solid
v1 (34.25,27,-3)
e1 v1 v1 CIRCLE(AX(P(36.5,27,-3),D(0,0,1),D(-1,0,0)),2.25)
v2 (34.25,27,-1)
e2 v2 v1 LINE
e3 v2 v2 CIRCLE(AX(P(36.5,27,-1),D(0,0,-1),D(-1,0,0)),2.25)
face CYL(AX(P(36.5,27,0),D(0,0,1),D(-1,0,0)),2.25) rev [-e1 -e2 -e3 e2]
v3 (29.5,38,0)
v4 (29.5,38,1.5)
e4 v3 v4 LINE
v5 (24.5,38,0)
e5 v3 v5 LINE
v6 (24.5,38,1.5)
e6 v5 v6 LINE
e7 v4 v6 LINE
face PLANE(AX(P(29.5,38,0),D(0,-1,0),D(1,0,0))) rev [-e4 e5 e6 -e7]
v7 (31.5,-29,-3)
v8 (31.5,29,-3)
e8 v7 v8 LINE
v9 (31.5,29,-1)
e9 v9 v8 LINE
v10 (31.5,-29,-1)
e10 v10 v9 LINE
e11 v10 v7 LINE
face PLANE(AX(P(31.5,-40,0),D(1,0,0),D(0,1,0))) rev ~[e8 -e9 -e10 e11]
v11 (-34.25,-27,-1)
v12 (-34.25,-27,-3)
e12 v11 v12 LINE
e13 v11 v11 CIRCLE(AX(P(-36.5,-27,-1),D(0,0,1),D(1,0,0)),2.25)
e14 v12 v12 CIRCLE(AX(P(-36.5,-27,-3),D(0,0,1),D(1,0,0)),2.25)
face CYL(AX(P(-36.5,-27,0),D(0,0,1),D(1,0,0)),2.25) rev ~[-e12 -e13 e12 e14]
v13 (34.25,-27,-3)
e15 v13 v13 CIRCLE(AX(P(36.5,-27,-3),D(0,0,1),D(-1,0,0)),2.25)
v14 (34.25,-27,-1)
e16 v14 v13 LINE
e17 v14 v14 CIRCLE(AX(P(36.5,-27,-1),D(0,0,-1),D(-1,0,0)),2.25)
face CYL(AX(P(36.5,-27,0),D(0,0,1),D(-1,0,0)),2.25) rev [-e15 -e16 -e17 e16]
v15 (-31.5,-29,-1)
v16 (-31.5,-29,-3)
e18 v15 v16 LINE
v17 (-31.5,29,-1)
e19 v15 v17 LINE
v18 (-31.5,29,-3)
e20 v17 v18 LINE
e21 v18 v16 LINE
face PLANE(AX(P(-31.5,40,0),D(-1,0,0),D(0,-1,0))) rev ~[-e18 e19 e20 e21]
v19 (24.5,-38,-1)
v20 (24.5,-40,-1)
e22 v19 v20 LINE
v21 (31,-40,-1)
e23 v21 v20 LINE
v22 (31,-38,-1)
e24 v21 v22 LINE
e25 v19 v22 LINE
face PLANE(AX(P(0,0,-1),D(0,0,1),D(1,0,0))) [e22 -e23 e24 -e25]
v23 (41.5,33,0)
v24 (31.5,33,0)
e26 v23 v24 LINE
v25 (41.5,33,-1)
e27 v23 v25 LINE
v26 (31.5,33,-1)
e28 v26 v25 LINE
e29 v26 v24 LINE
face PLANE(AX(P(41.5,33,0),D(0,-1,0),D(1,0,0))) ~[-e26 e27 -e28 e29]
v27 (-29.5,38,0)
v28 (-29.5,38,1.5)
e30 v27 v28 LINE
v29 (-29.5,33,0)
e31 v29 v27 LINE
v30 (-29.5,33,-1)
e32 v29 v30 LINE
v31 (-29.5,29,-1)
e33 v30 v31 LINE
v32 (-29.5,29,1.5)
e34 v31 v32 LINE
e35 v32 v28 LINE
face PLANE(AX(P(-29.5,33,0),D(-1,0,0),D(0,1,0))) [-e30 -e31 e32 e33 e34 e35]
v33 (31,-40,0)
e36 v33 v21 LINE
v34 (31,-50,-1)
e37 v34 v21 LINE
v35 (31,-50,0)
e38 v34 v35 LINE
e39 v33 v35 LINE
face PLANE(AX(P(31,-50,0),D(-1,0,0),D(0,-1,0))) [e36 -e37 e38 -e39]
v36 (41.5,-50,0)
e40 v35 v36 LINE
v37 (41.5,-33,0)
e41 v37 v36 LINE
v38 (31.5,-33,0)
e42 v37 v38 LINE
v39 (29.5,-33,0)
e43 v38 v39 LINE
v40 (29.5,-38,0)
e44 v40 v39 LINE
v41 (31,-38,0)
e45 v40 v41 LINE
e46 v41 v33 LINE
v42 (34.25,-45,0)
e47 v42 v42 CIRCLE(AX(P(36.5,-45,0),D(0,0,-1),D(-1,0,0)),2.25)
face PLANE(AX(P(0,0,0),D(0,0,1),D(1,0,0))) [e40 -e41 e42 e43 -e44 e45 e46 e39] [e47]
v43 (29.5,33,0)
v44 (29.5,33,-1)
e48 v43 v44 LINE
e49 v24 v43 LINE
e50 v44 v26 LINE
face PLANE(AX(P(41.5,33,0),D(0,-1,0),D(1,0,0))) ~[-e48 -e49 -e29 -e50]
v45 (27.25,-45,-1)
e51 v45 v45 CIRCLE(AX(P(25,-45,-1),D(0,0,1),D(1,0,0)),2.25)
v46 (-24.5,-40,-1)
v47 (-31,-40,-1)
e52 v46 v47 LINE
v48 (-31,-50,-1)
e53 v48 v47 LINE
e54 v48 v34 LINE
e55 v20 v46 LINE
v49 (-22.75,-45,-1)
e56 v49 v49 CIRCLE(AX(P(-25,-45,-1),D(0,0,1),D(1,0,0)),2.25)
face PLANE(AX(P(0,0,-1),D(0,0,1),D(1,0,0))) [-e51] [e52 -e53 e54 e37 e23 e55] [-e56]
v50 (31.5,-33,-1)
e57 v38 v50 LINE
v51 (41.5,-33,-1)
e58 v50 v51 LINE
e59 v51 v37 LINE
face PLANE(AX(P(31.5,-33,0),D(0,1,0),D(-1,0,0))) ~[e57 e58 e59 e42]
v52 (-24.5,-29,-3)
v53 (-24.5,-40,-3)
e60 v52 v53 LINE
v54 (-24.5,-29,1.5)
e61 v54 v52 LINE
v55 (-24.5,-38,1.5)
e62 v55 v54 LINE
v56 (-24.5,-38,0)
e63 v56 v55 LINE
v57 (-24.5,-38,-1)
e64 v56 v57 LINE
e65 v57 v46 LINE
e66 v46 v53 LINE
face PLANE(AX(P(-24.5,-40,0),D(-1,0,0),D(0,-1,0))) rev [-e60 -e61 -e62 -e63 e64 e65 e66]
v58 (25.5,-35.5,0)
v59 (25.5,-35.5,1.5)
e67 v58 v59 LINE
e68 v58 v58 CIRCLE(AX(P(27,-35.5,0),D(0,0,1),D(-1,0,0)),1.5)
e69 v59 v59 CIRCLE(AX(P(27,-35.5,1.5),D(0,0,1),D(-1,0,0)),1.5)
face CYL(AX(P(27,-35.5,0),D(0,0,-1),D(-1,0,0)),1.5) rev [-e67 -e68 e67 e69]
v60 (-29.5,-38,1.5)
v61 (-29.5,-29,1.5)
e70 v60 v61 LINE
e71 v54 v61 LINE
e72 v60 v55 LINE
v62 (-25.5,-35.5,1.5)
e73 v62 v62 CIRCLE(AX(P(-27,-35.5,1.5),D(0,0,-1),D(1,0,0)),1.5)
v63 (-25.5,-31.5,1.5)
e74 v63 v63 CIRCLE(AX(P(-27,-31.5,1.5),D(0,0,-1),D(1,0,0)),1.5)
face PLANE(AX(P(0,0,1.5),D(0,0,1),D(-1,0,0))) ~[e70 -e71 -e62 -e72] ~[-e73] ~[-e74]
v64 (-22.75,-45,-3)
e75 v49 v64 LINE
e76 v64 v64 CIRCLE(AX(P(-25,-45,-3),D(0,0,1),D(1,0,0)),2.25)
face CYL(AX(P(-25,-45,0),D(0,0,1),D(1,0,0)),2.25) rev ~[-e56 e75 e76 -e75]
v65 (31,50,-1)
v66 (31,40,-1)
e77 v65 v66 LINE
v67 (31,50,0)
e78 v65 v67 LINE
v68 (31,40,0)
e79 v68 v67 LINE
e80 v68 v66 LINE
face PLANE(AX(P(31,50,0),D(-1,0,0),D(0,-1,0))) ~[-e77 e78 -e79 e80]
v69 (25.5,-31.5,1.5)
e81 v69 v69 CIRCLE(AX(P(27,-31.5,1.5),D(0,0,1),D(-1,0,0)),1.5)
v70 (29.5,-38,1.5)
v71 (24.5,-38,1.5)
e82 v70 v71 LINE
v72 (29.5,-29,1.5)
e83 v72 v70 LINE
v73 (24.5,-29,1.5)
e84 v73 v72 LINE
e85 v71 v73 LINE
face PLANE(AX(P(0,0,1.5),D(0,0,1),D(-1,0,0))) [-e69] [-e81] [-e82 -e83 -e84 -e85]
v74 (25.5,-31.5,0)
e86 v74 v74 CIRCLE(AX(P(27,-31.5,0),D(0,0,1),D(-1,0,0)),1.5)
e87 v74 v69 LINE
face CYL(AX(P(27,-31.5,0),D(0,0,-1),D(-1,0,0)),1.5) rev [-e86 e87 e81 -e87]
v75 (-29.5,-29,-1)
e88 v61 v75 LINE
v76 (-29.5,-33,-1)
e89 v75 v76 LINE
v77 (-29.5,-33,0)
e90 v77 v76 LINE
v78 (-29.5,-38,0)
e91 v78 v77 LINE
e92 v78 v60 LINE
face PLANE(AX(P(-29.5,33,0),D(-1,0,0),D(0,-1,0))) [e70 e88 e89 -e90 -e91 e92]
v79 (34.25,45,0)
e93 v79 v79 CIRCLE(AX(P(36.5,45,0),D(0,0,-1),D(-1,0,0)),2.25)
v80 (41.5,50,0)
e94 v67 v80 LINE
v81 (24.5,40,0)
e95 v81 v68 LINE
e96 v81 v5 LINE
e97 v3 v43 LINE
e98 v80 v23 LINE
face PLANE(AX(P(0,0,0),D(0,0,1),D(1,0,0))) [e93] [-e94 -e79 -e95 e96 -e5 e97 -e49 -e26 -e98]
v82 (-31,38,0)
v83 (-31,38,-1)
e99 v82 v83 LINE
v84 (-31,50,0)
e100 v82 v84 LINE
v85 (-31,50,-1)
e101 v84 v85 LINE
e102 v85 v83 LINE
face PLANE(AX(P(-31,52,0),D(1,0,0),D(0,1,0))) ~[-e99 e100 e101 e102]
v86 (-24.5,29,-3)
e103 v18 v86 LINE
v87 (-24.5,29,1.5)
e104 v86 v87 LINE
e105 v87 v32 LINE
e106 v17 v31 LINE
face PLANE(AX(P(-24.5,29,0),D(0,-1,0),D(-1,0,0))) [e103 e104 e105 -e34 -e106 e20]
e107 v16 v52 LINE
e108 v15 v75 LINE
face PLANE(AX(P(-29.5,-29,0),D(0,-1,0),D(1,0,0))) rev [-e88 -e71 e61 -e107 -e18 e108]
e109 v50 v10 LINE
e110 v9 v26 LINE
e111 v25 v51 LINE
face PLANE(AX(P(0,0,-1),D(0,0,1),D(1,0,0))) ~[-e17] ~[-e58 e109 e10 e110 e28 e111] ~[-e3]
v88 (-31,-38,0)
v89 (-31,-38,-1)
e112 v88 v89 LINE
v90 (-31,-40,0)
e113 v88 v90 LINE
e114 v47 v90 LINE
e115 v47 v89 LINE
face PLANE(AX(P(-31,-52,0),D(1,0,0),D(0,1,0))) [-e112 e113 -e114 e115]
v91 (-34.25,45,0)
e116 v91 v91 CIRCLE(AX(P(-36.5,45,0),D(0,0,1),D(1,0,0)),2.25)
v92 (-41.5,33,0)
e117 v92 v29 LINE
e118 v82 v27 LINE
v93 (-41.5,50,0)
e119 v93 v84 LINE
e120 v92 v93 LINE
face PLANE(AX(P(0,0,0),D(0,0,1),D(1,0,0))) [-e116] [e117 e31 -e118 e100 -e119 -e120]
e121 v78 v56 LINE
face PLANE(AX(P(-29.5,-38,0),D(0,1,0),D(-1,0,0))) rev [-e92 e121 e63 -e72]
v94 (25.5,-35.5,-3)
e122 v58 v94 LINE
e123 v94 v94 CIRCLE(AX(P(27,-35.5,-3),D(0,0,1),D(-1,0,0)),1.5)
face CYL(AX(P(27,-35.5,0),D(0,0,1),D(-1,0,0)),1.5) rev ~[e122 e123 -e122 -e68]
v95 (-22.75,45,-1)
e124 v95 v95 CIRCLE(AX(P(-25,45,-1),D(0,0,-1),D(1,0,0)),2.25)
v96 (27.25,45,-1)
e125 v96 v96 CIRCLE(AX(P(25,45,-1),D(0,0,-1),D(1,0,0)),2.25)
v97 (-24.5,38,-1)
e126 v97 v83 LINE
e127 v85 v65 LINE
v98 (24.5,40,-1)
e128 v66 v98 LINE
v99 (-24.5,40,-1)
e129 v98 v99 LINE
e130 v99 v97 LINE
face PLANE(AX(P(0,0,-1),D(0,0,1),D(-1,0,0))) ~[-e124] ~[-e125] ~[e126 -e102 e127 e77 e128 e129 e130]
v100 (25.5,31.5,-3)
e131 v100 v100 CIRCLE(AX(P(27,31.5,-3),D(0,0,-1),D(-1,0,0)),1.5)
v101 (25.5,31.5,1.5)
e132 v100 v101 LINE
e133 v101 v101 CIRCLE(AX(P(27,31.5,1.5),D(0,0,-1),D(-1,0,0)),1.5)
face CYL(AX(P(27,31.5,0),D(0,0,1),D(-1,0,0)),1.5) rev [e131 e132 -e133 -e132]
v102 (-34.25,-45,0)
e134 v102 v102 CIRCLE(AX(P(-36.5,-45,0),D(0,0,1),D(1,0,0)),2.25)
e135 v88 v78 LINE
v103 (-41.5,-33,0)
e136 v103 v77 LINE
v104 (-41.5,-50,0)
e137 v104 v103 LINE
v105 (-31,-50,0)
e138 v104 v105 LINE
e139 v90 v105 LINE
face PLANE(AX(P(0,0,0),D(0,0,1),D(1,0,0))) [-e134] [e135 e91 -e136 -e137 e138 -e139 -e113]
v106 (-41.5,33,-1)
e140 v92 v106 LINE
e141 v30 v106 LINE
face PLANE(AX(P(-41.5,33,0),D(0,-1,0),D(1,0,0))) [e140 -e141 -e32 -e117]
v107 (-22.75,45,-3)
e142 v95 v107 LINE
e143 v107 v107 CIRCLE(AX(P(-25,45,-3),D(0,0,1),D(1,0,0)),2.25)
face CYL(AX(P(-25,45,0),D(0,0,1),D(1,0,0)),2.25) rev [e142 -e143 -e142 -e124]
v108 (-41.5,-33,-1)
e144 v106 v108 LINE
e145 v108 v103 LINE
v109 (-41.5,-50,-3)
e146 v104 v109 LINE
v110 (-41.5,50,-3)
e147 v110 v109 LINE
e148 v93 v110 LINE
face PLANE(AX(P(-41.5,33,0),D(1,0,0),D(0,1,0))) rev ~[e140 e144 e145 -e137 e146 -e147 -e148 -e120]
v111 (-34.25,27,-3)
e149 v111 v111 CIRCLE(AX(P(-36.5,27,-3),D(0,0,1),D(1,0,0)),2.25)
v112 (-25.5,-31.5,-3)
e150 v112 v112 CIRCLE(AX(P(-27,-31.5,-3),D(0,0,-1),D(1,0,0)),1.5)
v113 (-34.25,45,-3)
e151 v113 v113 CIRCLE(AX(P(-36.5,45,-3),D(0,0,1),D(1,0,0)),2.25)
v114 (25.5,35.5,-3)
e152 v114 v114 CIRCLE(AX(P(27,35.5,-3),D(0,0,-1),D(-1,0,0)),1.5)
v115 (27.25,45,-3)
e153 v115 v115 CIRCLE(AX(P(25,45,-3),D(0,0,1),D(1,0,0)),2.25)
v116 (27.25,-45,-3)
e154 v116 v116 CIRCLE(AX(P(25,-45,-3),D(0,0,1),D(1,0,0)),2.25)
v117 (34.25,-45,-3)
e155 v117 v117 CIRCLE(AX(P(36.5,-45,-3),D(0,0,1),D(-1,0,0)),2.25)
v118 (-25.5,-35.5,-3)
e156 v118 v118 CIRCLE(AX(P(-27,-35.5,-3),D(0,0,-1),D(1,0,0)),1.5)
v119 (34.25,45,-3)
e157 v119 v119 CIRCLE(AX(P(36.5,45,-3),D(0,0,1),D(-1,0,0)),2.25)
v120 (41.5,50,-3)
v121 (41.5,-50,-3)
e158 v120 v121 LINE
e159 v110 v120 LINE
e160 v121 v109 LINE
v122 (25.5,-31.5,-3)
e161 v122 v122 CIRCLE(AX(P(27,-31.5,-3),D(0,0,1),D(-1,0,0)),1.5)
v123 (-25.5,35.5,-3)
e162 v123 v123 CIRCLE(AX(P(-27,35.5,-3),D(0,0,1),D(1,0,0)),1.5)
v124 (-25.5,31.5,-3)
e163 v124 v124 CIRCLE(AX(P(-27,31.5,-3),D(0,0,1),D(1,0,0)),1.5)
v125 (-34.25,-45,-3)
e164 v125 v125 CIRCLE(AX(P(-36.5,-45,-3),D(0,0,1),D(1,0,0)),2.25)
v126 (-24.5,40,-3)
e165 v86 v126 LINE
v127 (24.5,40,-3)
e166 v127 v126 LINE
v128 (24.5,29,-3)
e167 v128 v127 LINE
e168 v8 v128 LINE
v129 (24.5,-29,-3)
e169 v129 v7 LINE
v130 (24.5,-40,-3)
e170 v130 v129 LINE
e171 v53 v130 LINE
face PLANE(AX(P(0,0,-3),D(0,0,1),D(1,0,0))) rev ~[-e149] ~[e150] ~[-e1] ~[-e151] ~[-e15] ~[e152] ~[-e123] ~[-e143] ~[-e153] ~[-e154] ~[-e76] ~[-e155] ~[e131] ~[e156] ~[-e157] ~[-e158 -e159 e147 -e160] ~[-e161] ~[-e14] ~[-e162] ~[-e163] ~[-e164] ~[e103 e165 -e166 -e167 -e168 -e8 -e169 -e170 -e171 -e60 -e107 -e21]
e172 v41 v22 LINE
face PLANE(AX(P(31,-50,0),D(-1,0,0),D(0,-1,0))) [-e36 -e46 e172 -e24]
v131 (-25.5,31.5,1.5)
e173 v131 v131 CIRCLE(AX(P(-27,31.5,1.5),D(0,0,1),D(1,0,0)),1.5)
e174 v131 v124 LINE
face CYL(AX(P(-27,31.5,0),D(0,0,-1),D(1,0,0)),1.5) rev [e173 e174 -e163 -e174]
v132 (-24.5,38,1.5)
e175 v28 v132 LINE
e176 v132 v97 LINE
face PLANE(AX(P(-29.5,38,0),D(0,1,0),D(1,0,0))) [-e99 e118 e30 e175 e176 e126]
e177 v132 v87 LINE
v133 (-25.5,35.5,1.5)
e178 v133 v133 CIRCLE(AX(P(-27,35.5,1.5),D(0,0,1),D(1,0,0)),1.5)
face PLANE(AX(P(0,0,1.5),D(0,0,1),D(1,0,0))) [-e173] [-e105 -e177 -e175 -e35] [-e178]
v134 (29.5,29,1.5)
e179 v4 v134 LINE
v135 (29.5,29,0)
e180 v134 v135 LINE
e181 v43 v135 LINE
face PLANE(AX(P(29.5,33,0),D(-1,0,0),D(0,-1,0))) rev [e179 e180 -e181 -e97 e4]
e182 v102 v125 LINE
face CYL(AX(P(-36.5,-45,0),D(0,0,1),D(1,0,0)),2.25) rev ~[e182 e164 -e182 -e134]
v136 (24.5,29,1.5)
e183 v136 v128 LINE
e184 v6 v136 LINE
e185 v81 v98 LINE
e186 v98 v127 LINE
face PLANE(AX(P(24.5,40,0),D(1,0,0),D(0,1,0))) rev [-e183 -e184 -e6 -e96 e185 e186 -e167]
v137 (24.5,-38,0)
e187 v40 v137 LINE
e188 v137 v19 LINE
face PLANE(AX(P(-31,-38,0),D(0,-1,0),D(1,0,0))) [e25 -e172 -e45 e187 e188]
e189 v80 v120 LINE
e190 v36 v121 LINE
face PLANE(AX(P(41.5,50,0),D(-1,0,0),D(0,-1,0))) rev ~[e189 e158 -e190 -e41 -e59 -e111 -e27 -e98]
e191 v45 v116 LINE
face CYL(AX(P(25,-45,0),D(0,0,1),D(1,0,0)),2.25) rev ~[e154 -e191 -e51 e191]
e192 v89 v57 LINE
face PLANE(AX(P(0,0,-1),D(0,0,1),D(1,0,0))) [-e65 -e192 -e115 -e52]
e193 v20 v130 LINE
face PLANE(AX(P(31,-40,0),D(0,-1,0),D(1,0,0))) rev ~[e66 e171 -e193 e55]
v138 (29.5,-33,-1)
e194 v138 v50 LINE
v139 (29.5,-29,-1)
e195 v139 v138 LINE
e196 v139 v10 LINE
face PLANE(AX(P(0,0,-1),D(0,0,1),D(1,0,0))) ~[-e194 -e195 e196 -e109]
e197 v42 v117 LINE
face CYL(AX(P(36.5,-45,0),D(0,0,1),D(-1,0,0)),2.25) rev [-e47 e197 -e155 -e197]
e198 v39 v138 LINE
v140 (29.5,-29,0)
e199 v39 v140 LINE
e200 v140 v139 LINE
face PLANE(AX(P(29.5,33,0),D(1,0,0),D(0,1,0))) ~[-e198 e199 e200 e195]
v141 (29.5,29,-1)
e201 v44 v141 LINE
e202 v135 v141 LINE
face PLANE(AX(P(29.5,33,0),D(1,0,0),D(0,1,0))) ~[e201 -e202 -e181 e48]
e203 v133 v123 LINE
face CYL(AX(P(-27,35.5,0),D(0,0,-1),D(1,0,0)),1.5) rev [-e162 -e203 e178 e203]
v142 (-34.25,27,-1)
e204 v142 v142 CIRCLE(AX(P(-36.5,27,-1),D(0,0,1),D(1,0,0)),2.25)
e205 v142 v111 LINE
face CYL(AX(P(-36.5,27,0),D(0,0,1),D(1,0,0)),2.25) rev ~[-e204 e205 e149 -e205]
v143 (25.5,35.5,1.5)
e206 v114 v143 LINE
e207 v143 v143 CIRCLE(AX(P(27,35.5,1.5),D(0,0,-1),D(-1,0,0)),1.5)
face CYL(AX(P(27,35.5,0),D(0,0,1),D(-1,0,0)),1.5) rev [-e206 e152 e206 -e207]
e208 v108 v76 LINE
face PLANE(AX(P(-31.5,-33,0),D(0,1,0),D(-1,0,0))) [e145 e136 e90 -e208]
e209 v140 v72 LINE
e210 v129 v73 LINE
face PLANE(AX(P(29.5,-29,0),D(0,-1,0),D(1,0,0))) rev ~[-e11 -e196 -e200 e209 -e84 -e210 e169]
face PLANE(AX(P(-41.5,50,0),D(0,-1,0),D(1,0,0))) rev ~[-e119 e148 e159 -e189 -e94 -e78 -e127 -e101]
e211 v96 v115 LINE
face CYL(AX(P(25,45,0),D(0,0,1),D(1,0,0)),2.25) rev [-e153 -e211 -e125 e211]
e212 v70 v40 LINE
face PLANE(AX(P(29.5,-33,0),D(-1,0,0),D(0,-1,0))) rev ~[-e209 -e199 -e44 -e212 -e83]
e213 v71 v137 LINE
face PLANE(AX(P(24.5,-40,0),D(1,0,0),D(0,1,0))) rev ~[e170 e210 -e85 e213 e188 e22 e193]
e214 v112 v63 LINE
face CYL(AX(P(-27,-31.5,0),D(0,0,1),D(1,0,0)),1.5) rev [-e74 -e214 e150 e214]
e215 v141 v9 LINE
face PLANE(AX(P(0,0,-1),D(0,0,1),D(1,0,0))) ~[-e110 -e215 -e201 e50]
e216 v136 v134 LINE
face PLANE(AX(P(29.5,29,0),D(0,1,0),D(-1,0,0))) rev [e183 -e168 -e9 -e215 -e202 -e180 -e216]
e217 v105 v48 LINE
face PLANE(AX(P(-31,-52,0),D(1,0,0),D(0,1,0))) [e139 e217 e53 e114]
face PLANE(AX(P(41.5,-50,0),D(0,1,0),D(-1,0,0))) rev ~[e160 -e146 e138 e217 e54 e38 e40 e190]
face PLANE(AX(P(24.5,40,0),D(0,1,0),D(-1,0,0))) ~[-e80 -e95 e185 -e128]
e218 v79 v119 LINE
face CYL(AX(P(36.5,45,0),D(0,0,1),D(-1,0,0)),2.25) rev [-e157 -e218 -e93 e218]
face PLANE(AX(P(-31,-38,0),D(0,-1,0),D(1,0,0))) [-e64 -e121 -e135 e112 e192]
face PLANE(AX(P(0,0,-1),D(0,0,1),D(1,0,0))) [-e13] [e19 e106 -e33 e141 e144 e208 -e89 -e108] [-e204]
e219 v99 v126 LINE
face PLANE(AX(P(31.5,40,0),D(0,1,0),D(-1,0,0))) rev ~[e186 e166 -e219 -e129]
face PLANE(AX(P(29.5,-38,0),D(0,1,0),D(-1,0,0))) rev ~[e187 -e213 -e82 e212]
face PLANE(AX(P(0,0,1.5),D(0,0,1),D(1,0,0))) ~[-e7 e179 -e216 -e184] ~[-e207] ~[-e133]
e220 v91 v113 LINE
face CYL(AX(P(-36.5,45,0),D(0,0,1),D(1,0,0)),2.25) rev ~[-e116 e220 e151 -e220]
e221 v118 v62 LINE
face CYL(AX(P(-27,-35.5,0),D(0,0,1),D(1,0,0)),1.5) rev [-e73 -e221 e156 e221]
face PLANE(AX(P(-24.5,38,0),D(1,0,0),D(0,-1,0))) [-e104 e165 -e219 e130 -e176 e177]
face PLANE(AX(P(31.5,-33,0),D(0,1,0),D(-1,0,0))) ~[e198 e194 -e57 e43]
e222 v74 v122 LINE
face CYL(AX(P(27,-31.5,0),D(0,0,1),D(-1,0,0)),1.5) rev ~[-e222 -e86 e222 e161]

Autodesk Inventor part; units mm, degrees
ref_plane "YZ Plane" through (0, 0, 0) normal (1, 0, 0) x (0, 1, 0)
ref_plane "XZ Plane" through (0, 0, 0) normal (0, 1, 0) x (-1, 0, 0)
ref_plane "XY Plane" through (0, 0, 0) normal (0, 0, 1) x (1, 0, 0)
sketch "Block1" plane through (0, 0, 0) normal (0, 0, 1) x (1, 0, 0)
  circle A0 centre (-3.2722, 18.9) radius 2.25
  circle A1 centre (-12.45, 7.7) radius 2.25
  circle A2 centre (-12.45, -4.3) radius 2.25
  line L0 (-6.45, -9) -> (-15.45, -9)
  line L1 (-6.45, -9) -> (-6.45, 12.4)
  line L2 (-6.45, 12.4) -> (2.9056, 12.4)
  line L3 (2.9056, 23.9) -> (-15.45, 23.9)
  line L4 (-15.45, -9) -> (-15.45, 23.9)
  line L5 (2.9056, 12.4) -> (2.9056, 23.9)
  line L6 (-6.45, 1.7) -> (-15.45, 1.7) construction
  point P0 (-7.0963, 8.6833)
  dimension "d131" = 6
  dimension "d132" = 6
sketch "Sketch1" plane through (0, 0, 0) normal (0, 0, 1) x (1, 0, 0)
  line L0 (-41.5, 50) -> (41.5, 50)
  line L1 (41.5, 50) -> (41.5, -50)
  line L2 (41.5, -50) -> (-41.5, -50)
  line L3 (-41.5, -50) -> (-41.5, 50)
  line L4 (31.5, 40) -> (-31.5, 40)
  line L5 (-31.5, 40) -> (-31.5, -40)
  line L6 (-31.5, -40) -> (31.5, -40)
  line L7 (31.5, -40) -> (31.5, 40)
  line L8 (-41.5, -45) -> (41.5, -45) construction
  line L9 (0, 71.7466) -> (0, -78.0681) construction
  line L10 (-60.2597, 0) -> (74.2823, 0) construction
  line L11 (-36.5, 50) -> (-36.5, -50) construction
  circle A0 centre (-36.5, -27) radius 2.25
  line L12 (-41.5, 45) -> (41.5, 45) construction
  circle A1 centre (-36.5, 45) radius 2.25
  circle A2 centre (-36.5, -45) radius 2.25
  circle A3 centre (-36.5, 27) radius 2.25
  circle A4 centre (-25, -45) radius 2.25
  circle A5 centre (25, -45) radius 2.25
  line L13 (30, 50) -> (30, -50) construction
  line L14 (-30, 50) -> (-30, -50) construction
  line L15 (-31, -38) -> (31, -38)
  line L16 (31, -38) -> (31, -52)
  line L17 (31, -52) -> (-31, -52)
  line L18 (-31, -52) -> (-31, -38)
  line L19 (-43.5, 33) -> (-29.5, 33)
  line L20 (-29.5, 33) -> (-29.5, -33)
  line L21 (-29.5, -33) -> (-43.5, -33)
  line L22 (-43.5, -33) -> (-43.5, 33)
  line L23 (-31.5, 40) -> (-24.5, 40)
  line L24 (-24.5, 40) -> (-24.5, 29)
  line L25 (-24.5, 29) -> (-31.5, 29)
  line L26 (-31.5, 29) -> (-31.5, 40)
  line L27 (-24.5, 29) -> (-29.5, 29)
  line L28 (-29.5, 29) -> (-29.5, 38)
  line L29 (-29.5, 38) -> (-24.5, 38)
  line L30 (-24.5, 38) -> (-24.5, 29)
  circle A6 centre (-27, 35.5) radius 1.5
  circle A7 centre (-27, 31.5) radius 1.5
  line L31 (22.2, -40) -> (-10.7, -40)
  point P0 (0, 0)
  point P1 (0, 50)
  point P2 (41.5, 0)
  point P3 (0, 45)
  point P4 (-27, 38)
  point P5 (-27, 29)
  dimension "d0" = 83
  dimension "d1" = 100
  dimension "d5" = 5
  dimension "d6" = 5
  dimension "d9" = 5
  dimension "d12" = 4.5
  dimension "d17" = 5
  dimension "d41" = 4.5
  dimension "d42" = 4.5
  dimension "d87" = 4.5
  dimension "d89" = 4.5
  dimension "d90" = 4.5
  dimension "d91" = 30
  dimension "d92" = 30
  dimension "d93" = 5
  dimension "d94" = 5
  dimension "d97" = 1
  dimension "d98" = 2
  dimension "d100" = 1
  dimension "d115" = 6
  dimension "d116" = 2
  dimension "d117" = 2
  dimension "d118" = 6
  dimension "d121" = 27
  dimension "d122" = 27
  dimension "d146" = 2
  dimension "d147" = 2
  dimension "d148" = 3
  dimension "d149" = 3
  dimension "d150" = 2.5
  dimension "d151" = 2.5
  dimension "d152" = 9
  dimension "d153" = 5
  dimension "d166" = 2
extrude "Extrusion1" add sketch "Sketch1" against normal blind 3 contours L0 L1 L2 L16 L6 L7 L4 L5 L19 L3 | L19 L5 L21 L3 | L21 L5 L6 L18 L2 L3 | L2 L18 L6 L16 | A0 | A1 | A2 | A3 | A4 | A5
extrude "Extrusion2" cut sketch "Sketch1" against normal blind 10 contours A0 | A1 | A2 | A3
mirror "Mirror1" about plane through (0, 0, 0) normal (1, 0, 0) of "Extrusion2"
extrude "Extrusion8" cut sketch "Sketch1" against normal blind 10 contours A4 | A5
extrude "Extrusion9" cut sketch "Sketch1" against normal blind 1 contours L16 L17 L18 L2 | L2 L18 L6 L16 | L6 L18 L15 L16
extrude "Extrusion14" add sketch "Sketch1" against normal blind 3 contours L19 L20 L25 L5 | L5 L4 L24 L29 L28 L19
extrude "Extrusion11" cut sketch "Sketch1" against normal blind 1 contours L19 L5 L21 L3 | L3 L21 L22 L19 | L19 L20 L25 L5 | L5 L25 L20 L21
mirror "Mirror4" about plane through (0, 0, 0) normal (0, 1, 0) of "Extrusion8", "Extrusion9"
mirror "Mirror5" about plane through (0, 0, 0) normal (1, 0, 0) of "Extrusion11"
extrude "Extrusion15" add sketch "Sketch1" against normal blind 3 contours L28 L29 L24 L25 L20
extrude "Extrusion16" add sketch "Sketch1" along normal blind 1.5 contours L28 L29 L24 L25 L20
mirror "Mirror6" about plane through (0, 0, 0) normal (1, 0, 0) of "Extrusion15", "Extrusion16", "Extrusion14"
mirror "Mirror7" about plane through (0, 0, 0) normal (0, 1, 0) of "Extrusion15", "Extrusion16", "Extrusion14", "Mirror6"
extrude "Extrusion18" cut sketch "Sketch1" against normal blind 1 contours L16 L17 L18 L2 | L2 L18 L6 L16 | L6 L18 L15 L16
extrude "Extrusion19" cut sketch "Sketch1" against normal blind 1 contours L19 L5 L21 L3 | L3 L21 L22 L19 | L19 L20 L25 L5 | L5 L25 L20 L21
mirror "Mirror8" about plane through (0, 0, 0) normal (1, 0, 0) of "Extrusion19"
equation "\"d12\" = screw"
equation "\"d41\" = screw"
equation "\"d42\" = screw"
equation "\"d87\" = screw"
equation "\"d89\" = screw"
equation "\"d90\" = screw"
equation "\"d37\" = mat"
equation "\"screw\" = 4.5"
equation "\"mat\" = 3"
properties part number "Side" material "PC/ABS Plastic"
